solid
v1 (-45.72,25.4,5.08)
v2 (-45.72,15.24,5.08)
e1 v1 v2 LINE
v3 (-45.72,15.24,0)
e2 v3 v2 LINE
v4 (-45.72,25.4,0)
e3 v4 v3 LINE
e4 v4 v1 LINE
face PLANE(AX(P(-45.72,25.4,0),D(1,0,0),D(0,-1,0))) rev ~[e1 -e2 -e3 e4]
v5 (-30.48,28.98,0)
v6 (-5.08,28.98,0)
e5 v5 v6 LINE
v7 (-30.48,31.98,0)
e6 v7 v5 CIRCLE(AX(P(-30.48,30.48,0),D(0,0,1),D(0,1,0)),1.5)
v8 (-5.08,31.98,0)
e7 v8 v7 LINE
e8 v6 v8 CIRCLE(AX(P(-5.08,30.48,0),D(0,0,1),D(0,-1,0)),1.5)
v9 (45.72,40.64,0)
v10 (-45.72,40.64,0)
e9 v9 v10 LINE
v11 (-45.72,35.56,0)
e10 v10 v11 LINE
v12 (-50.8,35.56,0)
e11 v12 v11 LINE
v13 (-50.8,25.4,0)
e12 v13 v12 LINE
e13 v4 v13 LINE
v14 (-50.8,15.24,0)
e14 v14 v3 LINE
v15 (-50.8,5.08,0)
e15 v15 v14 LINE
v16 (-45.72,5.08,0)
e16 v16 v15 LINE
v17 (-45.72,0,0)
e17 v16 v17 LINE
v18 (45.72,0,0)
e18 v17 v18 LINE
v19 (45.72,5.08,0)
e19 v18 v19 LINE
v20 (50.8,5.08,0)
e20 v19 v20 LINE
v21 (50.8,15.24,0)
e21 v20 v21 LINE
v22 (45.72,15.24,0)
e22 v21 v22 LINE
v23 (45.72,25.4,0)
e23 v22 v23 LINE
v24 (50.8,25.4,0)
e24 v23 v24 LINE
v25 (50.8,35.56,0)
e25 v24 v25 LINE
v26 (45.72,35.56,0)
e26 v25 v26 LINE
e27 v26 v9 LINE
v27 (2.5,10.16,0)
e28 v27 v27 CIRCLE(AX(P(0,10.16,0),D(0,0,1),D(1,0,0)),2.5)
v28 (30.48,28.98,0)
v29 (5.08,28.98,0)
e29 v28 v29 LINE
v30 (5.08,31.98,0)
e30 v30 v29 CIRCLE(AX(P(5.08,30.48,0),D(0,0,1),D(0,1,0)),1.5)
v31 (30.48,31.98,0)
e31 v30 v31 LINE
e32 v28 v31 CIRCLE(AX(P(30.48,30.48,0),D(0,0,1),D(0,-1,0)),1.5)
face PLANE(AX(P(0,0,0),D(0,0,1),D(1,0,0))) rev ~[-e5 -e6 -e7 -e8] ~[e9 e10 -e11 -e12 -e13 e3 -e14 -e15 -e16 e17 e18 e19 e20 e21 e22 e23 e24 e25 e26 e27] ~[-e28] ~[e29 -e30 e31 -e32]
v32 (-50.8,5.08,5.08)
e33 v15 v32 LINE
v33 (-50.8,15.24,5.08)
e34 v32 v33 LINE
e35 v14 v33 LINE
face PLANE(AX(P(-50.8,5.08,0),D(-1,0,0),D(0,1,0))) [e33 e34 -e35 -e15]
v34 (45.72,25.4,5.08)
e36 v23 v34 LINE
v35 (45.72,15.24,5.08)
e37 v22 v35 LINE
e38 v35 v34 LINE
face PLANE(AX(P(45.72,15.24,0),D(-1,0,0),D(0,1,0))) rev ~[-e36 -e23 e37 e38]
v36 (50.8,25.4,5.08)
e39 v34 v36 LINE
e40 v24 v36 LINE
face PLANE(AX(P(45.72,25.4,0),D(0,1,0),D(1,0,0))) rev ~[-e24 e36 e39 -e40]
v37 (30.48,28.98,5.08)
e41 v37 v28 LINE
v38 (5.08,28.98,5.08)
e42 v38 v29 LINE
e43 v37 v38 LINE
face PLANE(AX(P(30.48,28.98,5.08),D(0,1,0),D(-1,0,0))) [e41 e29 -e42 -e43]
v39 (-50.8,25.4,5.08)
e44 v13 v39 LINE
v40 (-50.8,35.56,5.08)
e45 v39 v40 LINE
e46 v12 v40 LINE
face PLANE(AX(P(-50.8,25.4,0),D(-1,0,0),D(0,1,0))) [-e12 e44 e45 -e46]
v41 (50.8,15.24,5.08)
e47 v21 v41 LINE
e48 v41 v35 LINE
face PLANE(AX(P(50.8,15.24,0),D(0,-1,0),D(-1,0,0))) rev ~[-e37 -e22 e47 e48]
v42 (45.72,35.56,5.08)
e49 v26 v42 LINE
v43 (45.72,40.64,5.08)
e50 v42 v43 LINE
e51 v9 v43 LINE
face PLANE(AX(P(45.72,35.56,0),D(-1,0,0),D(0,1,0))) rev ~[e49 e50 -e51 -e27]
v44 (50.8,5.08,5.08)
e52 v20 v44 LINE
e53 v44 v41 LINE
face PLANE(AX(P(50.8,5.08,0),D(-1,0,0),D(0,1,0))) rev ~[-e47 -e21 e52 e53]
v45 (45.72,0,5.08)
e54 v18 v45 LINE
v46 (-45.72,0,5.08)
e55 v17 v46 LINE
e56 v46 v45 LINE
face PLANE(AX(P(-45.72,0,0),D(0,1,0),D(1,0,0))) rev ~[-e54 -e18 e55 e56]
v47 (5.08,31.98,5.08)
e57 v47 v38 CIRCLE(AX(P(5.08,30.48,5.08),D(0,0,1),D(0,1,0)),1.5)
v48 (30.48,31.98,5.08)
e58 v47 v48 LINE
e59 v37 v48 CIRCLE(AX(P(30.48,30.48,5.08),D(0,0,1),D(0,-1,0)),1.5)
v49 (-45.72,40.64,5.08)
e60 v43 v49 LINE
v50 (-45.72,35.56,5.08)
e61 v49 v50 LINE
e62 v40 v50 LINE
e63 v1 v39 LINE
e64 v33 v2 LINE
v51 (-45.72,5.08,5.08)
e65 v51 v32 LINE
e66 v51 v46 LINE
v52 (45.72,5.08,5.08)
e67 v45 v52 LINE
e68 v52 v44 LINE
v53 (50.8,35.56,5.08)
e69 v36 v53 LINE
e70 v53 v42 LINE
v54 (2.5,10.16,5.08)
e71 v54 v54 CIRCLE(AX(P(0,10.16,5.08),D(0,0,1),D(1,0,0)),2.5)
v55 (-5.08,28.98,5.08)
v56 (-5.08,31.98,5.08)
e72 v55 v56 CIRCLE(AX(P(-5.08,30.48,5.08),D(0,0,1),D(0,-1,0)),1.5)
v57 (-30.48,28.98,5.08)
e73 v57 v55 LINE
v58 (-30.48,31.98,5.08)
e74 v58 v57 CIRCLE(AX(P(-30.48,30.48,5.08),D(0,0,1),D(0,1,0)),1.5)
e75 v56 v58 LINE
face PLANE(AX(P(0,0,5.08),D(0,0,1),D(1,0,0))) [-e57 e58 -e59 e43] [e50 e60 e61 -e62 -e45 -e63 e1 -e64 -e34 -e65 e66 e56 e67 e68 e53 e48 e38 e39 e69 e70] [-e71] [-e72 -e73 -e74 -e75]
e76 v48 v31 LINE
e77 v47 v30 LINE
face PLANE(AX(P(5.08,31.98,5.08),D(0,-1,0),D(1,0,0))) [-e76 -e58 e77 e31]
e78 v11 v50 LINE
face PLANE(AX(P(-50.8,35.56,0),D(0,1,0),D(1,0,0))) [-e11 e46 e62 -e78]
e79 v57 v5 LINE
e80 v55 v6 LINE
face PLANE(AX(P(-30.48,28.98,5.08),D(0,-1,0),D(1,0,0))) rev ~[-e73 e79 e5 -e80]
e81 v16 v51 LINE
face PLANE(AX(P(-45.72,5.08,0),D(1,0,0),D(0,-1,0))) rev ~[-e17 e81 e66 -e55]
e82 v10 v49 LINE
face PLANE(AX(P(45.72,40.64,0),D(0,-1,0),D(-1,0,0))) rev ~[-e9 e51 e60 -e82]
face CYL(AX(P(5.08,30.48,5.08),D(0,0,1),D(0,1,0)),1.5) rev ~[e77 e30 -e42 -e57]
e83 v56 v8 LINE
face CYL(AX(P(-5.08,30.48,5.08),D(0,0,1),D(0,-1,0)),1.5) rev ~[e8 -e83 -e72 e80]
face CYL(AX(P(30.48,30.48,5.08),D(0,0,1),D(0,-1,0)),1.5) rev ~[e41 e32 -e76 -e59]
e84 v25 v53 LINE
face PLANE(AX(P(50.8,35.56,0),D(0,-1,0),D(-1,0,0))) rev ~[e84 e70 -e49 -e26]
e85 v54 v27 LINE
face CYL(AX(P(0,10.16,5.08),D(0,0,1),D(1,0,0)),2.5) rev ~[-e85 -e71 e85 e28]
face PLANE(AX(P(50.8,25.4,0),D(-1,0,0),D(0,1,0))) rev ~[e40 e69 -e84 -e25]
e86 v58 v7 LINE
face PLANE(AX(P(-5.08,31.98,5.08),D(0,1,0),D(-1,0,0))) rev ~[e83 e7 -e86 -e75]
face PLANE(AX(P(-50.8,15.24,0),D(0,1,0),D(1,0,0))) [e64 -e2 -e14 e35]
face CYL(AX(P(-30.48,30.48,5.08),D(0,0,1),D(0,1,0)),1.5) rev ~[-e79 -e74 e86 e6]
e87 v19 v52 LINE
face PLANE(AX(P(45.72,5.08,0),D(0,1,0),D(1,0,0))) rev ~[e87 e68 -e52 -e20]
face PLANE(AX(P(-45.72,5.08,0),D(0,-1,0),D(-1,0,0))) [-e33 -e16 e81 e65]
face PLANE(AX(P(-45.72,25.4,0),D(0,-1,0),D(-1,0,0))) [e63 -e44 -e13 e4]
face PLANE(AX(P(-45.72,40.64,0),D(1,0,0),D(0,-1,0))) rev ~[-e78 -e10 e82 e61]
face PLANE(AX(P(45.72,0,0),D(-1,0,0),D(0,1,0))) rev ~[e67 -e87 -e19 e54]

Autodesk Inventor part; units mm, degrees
ref_plane "YZ Plane" through (0, 0, 0) normal (1, 0, 0) x (0, 1, 0)
ref_plane "XZ Plane" through (0, 0, 0) normal (0, 1, 0) x (-1, 0, 0)
ref_plane "XY Plane" through (0, 0, 0) normal (0, 0, 1) x (1, 0, 0)
sketch "Sketch1" plane through (0, 0, 0) normal (0, 0, 1) x (1, 0, 0)
  line L0 (45.72, 0) -> (45.72, 40.64)
  line L1 (45.72, 40.64) -> (-45.72, 40.64)
  line L2 (-45.72, 40.64) -> (-45.72, 9.301)
  line L3 (-45.72, 5.08) -> (-50.8, 5.08)
  line L4 (-50.8, 5.08) -> (-50.8, 15.24)
  line L5 (-50.8, 15.24) -> (-45.72, 15.24)
  line L6 (-45.72, 15.24) -> (-45.72, 5.08)
  line L7 (-45.72, 25.4) -> (-50.8, 25.4)
  line L8 (-50.8, 25.4) -> (-50.8, 35.56)
  line L9 (-50.8, 35.56) -> (-45.72, 35.56)
  line L10 (-45.72, 35.56) -> (-45.72, 25.4)
  line L11 (-45.72, 45.72) -> (-50.8, 45.72)
  line L12 (-50.8, 45.72) -> (-50.8, 55.88)
  line L13 (-50.8, 55.88) -> (-45.72, 55.88)
  line L14 (-45.72, 55.88) -> (-45.72, 45.72)
  line L15 (0, 40.64) -> (0, 0) construction
  line L16 (45.72, 40.64) -> (45.72, 0)
  line L17 (45.72, 5.08) -> (50.8, 5.08)
  line L18 (50.8, 5.08) -> (50.8, 15.24)
  line L19 (50.8, 15.24) -> (45.72, 15.24)
  line L20 (45.72, 15.24) -> (45.72, 5.08)
  line L21 (45.72, 25.4) -> (50.8, 25.4)
  line L22 (50.8, 25.4) -> (50.8, 35.56)
  line L23 (50.8, 35.56) -> (45.72, 35.56)
  line L24 (45.72, 35.56) -> (45.72, 25.4)
  line L25 (45.72, 45.72) -> (50.8, 45.72)
  line L26 (50.8, 45.72) -> (50.8, 55.88)
  line L27 (50.8, 55.88) -> (45.72, 55.88)
  line L28 (45.72, 55.88) -> (45.72, 45.72)
  line L29 (-45.72, 5.08) -> (-45.72, 0)
  line L30 (-45.72, 0) -> (45.72, 0)
  line L31 (45.72, 40.64) -> (-45.72, 40.64)
  line L32 (-45.72, 40.64) -> (-45.72, 0)
  line L33 (-45.72, 0) -> (45.72, 0)
  line L34 (45.72, 0) -> (45.72, 40.64)
  dimension "d0" = 91.44
  dimension "d2" = 10.16
  dimension "d3" = 5.08
  dimension "d7" = 20.32
  dimension "d14" = 5.08
  dimension "d15" = 40.64
extrude "Extrusion2" add sketch "Sketch1" along normal blind 5.08 contours L30 L29 L6 L2 L1 L0 | L0 L19 L18 L17 | L3 L4 L5 L2 L6 | L0 L23 L22 L21 | L7 L8 L9 L2
sketch "Sketch4" plane through (0, 0, 5.08) normal (0, 0, 1) x (1, 0, 0)
  line L0 (45.72, 40.64) -> (-45.72, 40.64) construction
  line L1 (-30.48, 30.48) -> (-5.08, 30.48)
  line L2 (-30.48, 28.98) -> (-5.08, 28.98)
  line L3 (-5.08, 31.98) -> (-30.48, 31.98)
  arc A0 (-30.48, 31.98) -> (-30.48, 28.98) centre (-30.48, 30.48) ccw
  arc A1 (-5.08, 28.98) -> (-5.08, 31.98) centre (-5.08, 30.48) ccw
  line L4 (30.48, 30.48) -> (5.08, 30.48)
  line L5 (30.48, 28.98) -> (5.08, 28.98)
  line L6 (5.08, 31.98) -> (30.48, 31.98)
  arc A2 (30.48, 28.98) -> (30.48, 31.98) centre (30.48, 30.48) ccw
  arc A3 (5.08, 31.98) -> (5.08, 28.98) centre (5.08, 30.48) ccw
  line L7 (-50.8, 25.4) -> (-45.72, 25.4) projected
  line L8 (-45.72, 25.4) -> (-45.72, 15.24) projected
  line L9 (-45.72, 15.24) -> (-50.8, 15.24) projected
  line L10 (-50.8, 15.24) -> (-50.8, 5.08) projected
  line L11 (-50.8, 5.08) -> (-45.72, 5.08) projected
  line L12 (-45.72, 5.08) -> (-45.72, 0) projected
  line L13 (-45.72, 0) -> (45.72, 0) projected
  line L14 (45.72, 0) -> (45.72, 5.08) projected
  line L15 (45.72, 5.08) -> (50.8, 5.08) projected
  line L16 (50.8, 5.08) -> (50.8, 15.24) projected
  line L17 (50.8, 15.24) -> (45.72, 15.24) projected
  line L18 (45.72, 15.24) -> (45.72, 25.4) projected
  line L19 (45.72, 25.4) -> (50.8, 25.4) projected
  line L20 (50.8, 25.4) -> (50.8, 35.56) projected
  line L21 (50.8, 35.56) -> (45.72, 35.56) projected
  line L22 (45.72, 35.56) -> (45.72, 40.64) projected
  line L23 (45.72, 40.64) -> (-45.72, 40.64) projected
  line L24 (-45.72, 40.64) -> (-45.72, 35.56) projected
  line L25 (-45.72, 35.56) -> (-50.8, 35.56) projected
  line L26 (-50.8, 35.56) -> (-50.8, 25.4) projected
  line L27 (0, 40.64) -> (0, 0) construction
  circle A4 centre (0, 10.16) radius 2.5
  point P0 (-17.78, 30.48)
  point P1 (17.78, 30.48)
  point P2 (17.78, 30.48)
  dimension "d25" = 3
  dimension "d26" = 25.4
  dimension "d32" = 17.78
  dimension "d33" = 17.78
  dimension "d34" = 25.4
  dimension "d35" = 10.16
  dimension "d36" = 1.5
  dimension "d37" = 1.5
  dimension "d38" = 5
  dimension "d39" = 10.16
extrude "Extrusion5" cut sketch "Sketch4" against normal blind 25.4 contours A0 L3 A1 L2 | L5 A3 L6 A2 | A4
equation "\"d7\" = 2 * d2"
equation "\"d33\" = d32"
equation "\"d34\" = d26"
equation "\"d36\" = 0.5 * d25"
equation "\"d37\" = d36"
equation "\"d39\" = d35"
properties part number "EndPulleyMount" material "Wood (Birch)"
